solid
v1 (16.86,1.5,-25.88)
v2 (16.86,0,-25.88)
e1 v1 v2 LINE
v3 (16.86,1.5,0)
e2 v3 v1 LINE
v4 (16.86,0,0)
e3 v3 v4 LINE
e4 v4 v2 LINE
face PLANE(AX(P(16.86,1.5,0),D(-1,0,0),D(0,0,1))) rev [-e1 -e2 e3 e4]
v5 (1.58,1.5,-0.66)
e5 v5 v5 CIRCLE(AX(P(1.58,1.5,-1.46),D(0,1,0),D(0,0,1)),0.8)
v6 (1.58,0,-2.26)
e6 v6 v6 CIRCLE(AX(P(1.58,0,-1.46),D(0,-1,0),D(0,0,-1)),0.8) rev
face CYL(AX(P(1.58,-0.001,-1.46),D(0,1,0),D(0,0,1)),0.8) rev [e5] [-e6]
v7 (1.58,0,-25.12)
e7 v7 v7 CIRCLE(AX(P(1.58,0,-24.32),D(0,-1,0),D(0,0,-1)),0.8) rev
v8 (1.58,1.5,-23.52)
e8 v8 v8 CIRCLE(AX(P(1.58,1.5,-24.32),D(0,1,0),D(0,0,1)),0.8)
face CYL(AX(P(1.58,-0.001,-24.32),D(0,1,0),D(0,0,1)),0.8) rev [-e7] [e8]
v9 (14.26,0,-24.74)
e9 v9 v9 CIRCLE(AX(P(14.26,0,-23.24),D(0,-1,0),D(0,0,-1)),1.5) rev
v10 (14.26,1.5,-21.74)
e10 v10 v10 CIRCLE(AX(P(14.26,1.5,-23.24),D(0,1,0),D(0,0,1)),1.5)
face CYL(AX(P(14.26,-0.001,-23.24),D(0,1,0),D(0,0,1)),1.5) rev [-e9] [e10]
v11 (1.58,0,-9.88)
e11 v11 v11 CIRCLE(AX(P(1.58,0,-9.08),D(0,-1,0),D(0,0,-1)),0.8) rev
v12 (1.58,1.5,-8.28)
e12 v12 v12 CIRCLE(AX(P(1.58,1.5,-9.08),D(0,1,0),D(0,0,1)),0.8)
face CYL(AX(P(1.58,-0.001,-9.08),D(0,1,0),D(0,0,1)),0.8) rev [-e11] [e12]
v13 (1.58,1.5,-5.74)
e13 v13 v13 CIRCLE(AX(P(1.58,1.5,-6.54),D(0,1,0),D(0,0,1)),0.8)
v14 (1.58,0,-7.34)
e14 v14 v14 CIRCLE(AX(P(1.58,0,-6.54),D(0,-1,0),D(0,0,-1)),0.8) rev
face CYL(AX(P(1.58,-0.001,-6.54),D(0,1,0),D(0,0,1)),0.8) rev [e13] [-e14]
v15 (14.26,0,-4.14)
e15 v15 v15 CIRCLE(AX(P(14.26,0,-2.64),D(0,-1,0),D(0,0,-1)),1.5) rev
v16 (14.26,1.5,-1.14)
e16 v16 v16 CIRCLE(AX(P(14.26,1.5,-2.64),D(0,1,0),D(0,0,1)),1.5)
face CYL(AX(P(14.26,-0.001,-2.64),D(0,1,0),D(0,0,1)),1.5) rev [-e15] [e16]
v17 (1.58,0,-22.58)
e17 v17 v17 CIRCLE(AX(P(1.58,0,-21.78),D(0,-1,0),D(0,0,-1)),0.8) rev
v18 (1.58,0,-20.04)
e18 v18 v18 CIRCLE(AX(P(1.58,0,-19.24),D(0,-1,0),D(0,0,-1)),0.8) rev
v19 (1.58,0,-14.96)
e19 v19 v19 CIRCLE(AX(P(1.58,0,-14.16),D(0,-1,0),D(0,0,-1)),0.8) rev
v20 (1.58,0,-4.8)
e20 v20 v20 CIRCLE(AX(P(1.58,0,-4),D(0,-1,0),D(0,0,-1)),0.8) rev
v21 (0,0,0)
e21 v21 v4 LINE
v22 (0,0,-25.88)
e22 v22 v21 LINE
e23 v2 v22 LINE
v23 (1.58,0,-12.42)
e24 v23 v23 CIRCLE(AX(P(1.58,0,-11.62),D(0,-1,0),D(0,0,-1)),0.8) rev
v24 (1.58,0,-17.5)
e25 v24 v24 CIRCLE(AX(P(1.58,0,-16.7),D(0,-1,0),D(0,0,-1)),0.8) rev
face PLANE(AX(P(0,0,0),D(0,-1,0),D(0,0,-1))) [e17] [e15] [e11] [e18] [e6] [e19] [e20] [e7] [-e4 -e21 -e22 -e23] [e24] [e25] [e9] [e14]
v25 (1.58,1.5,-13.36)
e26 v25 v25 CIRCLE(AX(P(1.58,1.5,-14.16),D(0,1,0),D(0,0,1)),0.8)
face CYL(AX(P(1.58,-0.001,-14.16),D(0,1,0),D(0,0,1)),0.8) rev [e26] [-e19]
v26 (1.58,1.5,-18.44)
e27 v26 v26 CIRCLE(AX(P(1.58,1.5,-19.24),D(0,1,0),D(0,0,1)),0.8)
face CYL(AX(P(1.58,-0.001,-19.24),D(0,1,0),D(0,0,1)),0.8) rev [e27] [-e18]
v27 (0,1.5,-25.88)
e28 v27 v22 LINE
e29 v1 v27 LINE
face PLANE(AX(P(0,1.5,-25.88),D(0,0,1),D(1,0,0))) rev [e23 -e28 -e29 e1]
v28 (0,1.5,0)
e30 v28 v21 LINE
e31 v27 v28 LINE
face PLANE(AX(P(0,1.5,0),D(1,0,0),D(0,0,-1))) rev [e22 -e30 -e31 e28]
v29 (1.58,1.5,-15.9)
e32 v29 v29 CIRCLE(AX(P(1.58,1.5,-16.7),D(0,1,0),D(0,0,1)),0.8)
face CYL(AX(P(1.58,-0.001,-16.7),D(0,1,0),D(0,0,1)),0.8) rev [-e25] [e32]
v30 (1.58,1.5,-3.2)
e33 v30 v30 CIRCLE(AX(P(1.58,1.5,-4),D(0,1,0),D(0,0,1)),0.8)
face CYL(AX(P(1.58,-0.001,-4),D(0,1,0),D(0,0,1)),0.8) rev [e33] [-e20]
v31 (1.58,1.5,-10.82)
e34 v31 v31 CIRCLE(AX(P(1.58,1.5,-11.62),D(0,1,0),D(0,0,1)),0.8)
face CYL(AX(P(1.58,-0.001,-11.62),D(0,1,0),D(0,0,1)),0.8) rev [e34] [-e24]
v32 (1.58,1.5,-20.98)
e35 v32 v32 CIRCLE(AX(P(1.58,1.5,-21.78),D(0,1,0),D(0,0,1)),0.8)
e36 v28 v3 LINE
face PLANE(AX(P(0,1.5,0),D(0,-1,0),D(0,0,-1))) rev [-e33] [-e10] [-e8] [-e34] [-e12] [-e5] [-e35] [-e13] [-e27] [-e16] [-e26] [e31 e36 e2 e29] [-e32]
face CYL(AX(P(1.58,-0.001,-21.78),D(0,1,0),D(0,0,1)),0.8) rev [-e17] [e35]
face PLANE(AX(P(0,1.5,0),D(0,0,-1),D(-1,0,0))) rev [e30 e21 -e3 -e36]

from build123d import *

# Parameters (mm, degrees)
SKETCH1_W           = 16.86
SKETCH1_H           = 25.88
BOSS_EXTRUDE1_DEPTH = 1.5
CUT_EXTRUDE1_REACH  = 3.5
SKETCH2_R           = 1.5
CUT_EXTRUDE2_REACH  = 3.5
SKETCH3_R           = 0.8


with BuildPart() as part:
    # Sketch1 → Boss-Extrude1 (new body)
    with BuildSketch(Plane(origin=(0, 0, 0), x_dir=(1, 0, 0), z_dir=(0, 1, 0))):
        with Locations((8.43, 12.94)):
            Rectangle(SKETCH1_W, SKETCH1_H)
    extrude(amount=BOSS_EXTRUDE1_DEPTH)

    # Sketch2 → Cut-Extrude1 (cut, up to next)
    with BuildSketch(Plane(origin=(0, 1.5, 0), x_dir=(1, 0, 0), z_dir=(0, 1, 0)), mode=Mode.PRIVATE) as cut_extrude1_sk1:
        with Locations((14.26, 23.24)):
            Circle(SKETCH2_R)
    cut_extrude1_tool1 = extrude(cut_extrude1_sk1.sketch, amount=-CUT_EXTRUDE1_REACH, mode=Mode.PRIVATE) & part.part
    add(cut_extrude1_tool1.solids().sort_by_distance((14.26, 1.5, -23.24))[0], mode=Mode.SUBTRACT)
    # Sketch2 → Cut-Extrude1 (cut, up to next)
    with BuildSketch(Plane(origin=(0, 1.5, 0), x_dir=(1, 0, 0), z_dir=(0, 1, 0)), mode=Mode.PRIVATE) as cut_extrude1_sk2:
        with Locations((14.26, 2.64)):
            Circle(SKETCH2_R)
    cut_extrude1_tool2 = extrude(cut_extrude1_sk2.sketch, amount=-CUT_EXTRUDE1_REACH, mode=Mode.PRIVATE) & part.part
    add(cut_extrude1_tool2.solids().sort_by_distance((14.26, 1.5, -2.64))[0], mode=Mode.SUBTRACT)

    # Sketch3 → Cut-Extrude2 (cut, up to next)
    with BuildSketch(Plane(origin=(0, 1.5, 0), x_dir=(1, 0, 0), z_dir=(0, 1, 0)), mode=Mode.PRIVATE) as cut_extrude2_sk1:
        with Locations((1.58, 24.32)):
            Circle(SKETCH3_R)
    cut_extrude2_tool1 = extrude(cut_extrude2_sk1.sketch, amount=-CUT_EXTRUDE2_REACH, mode=Mode.PRIVATE) & part.part
    add(cut_extrude2_tool1.solids().sort_by_distance((1.58, 1.5, -24.32))[0], mode=Mode.SUBTRACT)
    # Sketch3 → Cut-Extrude2 (cut, up to next)
    with BuildSketch(Plane(origin=(0, 1.5, 0), x_dir=(1, 0, 0), z_dir=(0, 1, 0)), mode=Mode.PRIVATE) as cut_extrude2_sk2:
        with Locations((1.58, 21.78)):
            Circle(SKETCH3_R)
    cut_extrude2_tool2 = extrude(cut_extrude2_sk2.sketch, amount=-CUT_EXTRUDE2_REACH, mode=Mode.PRIVATE) & part.part
    add(cut_extrude2_tool2.solids().sort_by_distance((1.58, 1.5, -21.78))[0], mode=Mode.SUBTRACT)
    # Sketch3 → Cut-Extrude2 (cut, up to next)
    with BuildSketch(Plane(origin=(0, 1.5, 0), x_dir=(1, 0, 0), z_dir=(0, 1, 0)), mode=Mode.PRIVATE) as cut_extrude2_sk3:
        with Locations((1.58, 19.24)):
            Circle(SKETCH3_R)
    cut_extrude2_tool3 = extrude(cut_extrude2_sk3.sketch, amount=-CUT_EXTRUDE2_REACH, mode=Mode.PRIVATE) & part.part
    add(cut_extrude2_tool3.solids().sort_by_distance((1.58, 1.5, -19.24))[0], mode=Mode.SUBTRACT)
    # Sketch3 → Cut-Extrude2 (cut, up to next)
    with BuildSketch(Plane(origin=(0, 1.5, 0), x_dir=(1, 0, 0), z_dir=(0, 1, 0)), mode=Mode.PRIVATE) as cut_extrude2_sk4:
        with Locations((1.58, 16.7)):
            Circle(SKETCH3_R)
    cut_extrude2_tool4 = extrude(cut_extrude2_sk4.sketch, amount=-CUT_EXTRUDE2_REACH, mode=Mode.PRIVATE) & part.part
    add(cut_extrude2_tool4.solids().sort_by_distance((1.58, 1.5, -16.7))[0], mode=Mode.SUBTRACT)
    # Sketch3 → Cut-Extrude2 (cut, up to next)
    with BuildSketch(Plane(origin=(0, 1.5, 0), x_dir=(1, 0, 0), z_dir=(0, 1, 0)), mode=Mode.PRIVATE) as cut_extrude2_sk5:
        with Locations((1.58, 14.16)):
            Circle(SKETCH3_R)
    cut_extrude2_tool5 = extrude(cut_extrude2_sk5.sketch, amount=-CUT_EXTRUDE2_REACH, mode=Mode.PRIVATE) & part.part
    add(cut_extrude2_tool5.solids().sort_by_distance((1.58, 1.5, -14.16))[0], mode=Mode.SUBTRACT)
    # Sketch3 → Cut-Extrude2 (cut, up to next)
    with BuildSketch(Plane(origin=(0, 1.5, 0), x_dir=(1, 0, 0), z_dir=(0, 1, 0)), mode=Mode.PRIVATE) as cut_extrude2_sk6:
        with Locations((1.58, 11.62)):
            Circle(SKETCH3_R)
    cut_extrude2_tool6 = extrude(cut_extrude2_sk6.sketch, amount=-CUT_EXTRUDE2_REACH, mode=Mode.PRIVATE) & part.part
    add(cut_extrude2_tool6.solids().sort_by_distance((1.58, 1.5, -11.62))[0], mode=Mode.SUBTRACT)
    # Sketch3 → Cut-Extrude2 (cut, up to next)
    with BuildSketch(Plane(origin=(0, 1.5, 0), x_dir=(1, 0, 0), z_dir=(0, 1, 0)), mode=Mode.PRIVATE) as cut_extrude2_sk7:
        with Locations((1.58, 9.08)):
            Circle(SKETCH3_R)
    cut_extrude2_tool7 = extrude(cut_extrude2_sk7.sketch, amount=-CUT_EXTRUDE2_REACH, mode=Mode.PRIVATE) & part.part
    add(cut_extrude2_tool7.solids().sort_by_distance((1.58, 1.5, -9.08))[0], mode=Mode.SUBTRACT)
    # Sketch3 → Cut-Extrude2 (cut, up to next)
    with BuildSketch(Plane(origin=(0, 1.5, 0), x_dir=(1, 0, 0), z_dir=(0, 1, 0)), mode=Mode.PRIVATE) as cut_extrude2_sk8:
        with Locations((1.58, 6.54)):
            Circle(SKETCH3_R)
    cut_extrude2_tool8 = extrude(cut_extrude2_sk8.sketch, amount=-CUT_EXTRUDE2_REACH, mode=Mode.PRIVATE) & part.part
    add(cut_extrude2_tool8.solids().sort_by_distance((1.58, 1.5, -6.54))[0], mode=Mode.SUBTRACT)
    # Sketch3 → Cut-Extrude2 (cut, up to next)
    with BuildSketch(Plane(origin=(0, 1.5, 0), x_dir=(1, 0, 0), z_dir=(0, 1, 0)), mode=Mode.PRIVATE) as cut_extrude2_sk9:
        with Locations((1.58, 4)):
            Circle(SKETCH3_R)
    cut_extrude2_tool9 = extrude(cut_extrude2_sk9.sketch, amount=-CUT_EXTRUDE2_REACH, mode=Mode.PRIVATE) & part.part
    add(cut_extrude2_tool9.solids().sort_by_distance((1.58, 1.5, -4))[0], mode=Mode.SUBTRACT)
    # Sketch3 → Cut-Extrude2 (cut, up to next)
    with BuildSketch(Plane(origin=(0, 1.5, 0), x_dir=(1, 0, 0), z_dir=(0, 1, 0)), mode=Mode.PRIVATE) as cut_extrude2_sk10:
        with Locations((1.58, 1.46)):
            Circle(SKETCH3_R)
    cut_extrude2_tool10 = extrude(cut_extrude2_sk10.sketch, amount=-CUT_EXTRUDE2_REACH, mode=Mode.PRIVATE) & part.part
    add(cut_extrude2_tool10.solids().sort_by_distance((1.58, 1.5, -1.46))[0], mode=Mode.SUBTRACT)


solid = part.part
